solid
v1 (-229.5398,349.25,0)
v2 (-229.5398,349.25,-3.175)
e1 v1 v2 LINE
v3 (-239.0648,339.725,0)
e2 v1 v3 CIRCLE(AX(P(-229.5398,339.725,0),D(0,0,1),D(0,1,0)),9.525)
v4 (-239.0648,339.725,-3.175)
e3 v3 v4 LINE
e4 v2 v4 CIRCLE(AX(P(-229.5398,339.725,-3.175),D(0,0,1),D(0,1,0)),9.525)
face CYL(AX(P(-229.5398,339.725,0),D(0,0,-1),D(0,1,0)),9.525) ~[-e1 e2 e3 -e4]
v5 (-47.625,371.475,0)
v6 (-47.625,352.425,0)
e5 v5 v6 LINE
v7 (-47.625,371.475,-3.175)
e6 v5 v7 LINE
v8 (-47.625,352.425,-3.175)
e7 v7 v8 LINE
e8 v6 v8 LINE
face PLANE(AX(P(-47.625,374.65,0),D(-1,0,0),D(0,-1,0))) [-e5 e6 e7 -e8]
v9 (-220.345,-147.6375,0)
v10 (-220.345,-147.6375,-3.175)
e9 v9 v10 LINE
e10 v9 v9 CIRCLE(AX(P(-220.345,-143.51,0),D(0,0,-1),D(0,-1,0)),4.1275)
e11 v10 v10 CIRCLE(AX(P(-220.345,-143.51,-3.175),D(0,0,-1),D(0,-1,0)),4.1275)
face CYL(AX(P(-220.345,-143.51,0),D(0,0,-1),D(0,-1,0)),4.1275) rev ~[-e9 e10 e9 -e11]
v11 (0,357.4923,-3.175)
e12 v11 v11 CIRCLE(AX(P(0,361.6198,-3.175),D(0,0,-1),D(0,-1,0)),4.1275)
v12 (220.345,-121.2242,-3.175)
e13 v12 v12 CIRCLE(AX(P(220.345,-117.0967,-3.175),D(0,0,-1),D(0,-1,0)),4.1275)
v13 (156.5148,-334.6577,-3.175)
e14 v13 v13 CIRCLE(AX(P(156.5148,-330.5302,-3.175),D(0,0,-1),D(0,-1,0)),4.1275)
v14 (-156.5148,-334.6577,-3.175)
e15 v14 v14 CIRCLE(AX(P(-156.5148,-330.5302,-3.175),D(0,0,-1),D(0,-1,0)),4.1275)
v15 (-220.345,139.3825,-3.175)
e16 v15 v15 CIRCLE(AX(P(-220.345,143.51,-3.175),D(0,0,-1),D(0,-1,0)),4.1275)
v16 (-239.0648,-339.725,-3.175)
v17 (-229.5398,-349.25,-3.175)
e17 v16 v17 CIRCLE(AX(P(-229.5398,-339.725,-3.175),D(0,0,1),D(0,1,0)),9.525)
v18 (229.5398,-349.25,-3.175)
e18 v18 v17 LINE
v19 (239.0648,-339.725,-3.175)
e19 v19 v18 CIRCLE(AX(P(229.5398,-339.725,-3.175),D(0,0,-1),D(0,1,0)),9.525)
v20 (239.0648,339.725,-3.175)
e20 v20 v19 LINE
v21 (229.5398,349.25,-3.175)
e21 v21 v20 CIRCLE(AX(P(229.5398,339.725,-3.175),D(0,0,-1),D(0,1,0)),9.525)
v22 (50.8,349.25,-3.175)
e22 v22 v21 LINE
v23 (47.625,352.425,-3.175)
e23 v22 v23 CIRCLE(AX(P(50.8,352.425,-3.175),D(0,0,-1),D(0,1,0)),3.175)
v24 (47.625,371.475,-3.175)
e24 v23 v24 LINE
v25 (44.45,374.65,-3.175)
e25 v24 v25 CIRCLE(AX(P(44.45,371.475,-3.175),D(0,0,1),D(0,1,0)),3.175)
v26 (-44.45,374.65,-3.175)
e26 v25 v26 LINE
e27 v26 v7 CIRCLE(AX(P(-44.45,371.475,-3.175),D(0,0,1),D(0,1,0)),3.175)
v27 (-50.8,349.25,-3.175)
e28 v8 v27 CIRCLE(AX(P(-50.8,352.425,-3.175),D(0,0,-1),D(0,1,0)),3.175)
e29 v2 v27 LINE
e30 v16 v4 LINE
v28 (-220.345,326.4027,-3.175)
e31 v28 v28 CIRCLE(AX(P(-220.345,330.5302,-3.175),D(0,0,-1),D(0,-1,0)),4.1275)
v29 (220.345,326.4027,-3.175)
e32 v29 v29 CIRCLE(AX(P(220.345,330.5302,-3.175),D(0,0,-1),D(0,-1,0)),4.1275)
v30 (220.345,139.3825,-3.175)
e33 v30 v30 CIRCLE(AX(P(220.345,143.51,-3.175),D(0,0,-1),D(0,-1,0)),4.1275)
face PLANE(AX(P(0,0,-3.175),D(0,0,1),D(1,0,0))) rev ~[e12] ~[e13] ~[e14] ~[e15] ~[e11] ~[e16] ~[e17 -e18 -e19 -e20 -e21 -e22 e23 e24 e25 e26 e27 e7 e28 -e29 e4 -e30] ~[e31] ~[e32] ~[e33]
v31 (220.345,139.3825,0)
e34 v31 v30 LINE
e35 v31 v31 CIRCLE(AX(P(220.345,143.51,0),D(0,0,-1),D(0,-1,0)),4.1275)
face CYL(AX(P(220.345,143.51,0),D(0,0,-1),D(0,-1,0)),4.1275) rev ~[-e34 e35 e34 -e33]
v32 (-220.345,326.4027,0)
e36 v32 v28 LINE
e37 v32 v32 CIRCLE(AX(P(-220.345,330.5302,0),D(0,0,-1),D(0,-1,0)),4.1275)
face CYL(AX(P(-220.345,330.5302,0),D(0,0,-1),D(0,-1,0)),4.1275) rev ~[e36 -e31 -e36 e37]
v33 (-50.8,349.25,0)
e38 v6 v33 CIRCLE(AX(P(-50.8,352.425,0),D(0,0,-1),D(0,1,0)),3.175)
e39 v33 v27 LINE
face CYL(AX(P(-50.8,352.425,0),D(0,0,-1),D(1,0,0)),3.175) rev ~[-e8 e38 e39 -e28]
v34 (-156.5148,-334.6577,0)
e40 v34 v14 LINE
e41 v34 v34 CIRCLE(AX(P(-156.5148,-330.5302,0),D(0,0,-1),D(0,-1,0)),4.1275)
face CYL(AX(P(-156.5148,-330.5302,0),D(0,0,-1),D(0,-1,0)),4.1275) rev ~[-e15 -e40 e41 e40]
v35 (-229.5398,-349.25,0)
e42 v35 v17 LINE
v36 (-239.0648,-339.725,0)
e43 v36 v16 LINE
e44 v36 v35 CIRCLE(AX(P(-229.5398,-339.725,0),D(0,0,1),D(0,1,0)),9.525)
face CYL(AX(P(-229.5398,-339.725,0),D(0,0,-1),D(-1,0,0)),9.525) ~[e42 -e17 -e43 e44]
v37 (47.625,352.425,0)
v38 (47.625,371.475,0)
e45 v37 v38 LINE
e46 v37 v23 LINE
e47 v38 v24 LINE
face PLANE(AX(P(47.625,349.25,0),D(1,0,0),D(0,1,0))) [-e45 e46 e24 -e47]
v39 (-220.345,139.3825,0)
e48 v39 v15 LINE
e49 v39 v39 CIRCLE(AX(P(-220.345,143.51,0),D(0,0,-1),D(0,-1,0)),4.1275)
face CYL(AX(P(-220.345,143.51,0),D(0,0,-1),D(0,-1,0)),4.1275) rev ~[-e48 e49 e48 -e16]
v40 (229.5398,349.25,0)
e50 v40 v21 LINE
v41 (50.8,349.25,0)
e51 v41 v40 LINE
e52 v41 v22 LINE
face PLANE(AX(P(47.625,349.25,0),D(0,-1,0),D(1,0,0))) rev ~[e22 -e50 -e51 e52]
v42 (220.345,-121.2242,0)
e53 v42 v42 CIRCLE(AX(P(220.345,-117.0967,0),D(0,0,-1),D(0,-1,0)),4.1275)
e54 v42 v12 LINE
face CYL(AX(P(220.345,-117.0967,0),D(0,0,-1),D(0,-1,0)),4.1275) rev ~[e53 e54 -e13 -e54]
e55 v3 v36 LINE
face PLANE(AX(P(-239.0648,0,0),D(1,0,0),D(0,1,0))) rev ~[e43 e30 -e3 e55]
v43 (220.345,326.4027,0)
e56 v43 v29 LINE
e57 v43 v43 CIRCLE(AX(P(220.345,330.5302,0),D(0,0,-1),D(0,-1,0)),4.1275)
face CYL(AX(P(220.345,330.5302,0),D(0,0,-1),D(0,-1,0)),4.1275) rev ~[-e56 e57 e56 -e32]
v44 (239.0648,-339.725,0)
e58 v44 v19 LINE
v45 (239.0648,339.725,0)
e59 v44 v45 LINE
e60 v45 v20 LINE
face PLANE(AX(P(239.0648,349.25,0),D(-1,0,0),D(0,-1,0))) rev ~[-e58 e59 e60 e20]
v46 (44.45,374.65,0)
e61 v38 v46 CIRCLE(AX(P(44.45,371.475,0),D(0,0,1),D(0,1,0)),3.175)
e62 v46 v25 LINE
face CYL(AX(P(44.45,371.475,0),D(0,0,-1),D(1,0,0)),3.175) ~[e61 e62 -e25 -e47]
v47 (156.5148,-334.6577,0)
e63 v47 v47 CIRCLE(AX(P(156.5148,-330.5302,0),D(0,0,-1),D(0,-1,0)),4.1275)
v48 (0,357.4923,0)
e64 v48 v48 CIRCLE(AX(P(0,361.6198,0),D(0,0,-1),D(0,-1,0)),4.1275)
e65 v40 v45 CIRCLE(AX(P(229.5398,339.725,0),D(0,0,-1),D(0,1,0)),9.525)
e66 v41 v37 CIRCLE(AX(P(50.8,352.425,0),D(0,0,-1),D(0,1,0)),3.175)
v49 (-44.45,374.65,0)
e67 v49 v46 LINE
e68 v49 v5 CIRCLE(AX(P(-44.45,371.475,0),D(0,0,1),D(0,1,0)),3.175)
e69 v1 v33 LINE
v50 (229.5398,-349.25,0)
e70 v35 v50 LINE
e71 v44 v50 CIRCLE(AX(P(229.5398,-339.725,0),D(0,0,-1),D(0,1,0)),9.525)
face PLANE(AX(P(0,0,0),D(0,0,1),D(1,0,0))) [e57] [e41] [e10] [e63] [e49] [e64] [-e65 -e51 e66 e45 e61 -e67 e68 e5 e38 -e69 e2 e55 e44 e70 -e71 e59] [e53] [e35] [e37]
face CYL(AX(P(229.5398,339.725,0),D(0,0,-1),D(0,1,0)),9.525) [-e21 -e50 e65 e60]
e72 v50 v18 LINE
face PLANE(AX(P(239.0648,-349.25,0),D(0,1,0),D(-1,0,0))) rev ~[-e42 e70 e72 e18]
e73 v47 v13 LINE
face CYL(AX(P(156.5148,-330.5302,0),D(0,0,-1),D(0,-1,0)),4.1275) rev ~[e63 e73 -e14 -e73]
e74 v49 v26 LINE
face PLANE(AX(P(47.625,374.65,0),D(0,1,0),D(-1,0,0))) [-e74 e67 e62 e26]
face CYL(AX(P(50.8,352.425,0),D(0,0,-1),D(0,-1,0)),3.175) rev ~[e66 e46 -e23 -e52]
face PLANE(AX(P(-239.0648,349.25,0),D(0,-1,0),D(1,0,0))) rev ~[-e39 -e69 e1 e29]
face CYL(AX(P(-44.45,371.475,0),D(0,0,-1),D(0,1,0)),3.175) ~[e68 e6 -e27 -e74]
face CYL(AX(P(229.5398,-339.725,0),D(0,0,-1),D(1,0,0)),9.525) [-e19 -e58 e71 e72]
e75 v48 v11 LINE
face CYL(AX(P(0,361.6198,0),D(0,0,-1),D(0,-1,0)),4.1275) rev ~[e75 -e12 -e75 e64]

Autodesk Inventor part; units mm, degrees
ref_plane "YZ Plane" through (0, 0, 0) normal (1, 0, 0) x (0, 1, 0)
ref_plane "XZ Plane" through (0, 0, 0) normal (0, 1, 0) x (-1, 0, 0)
ref_plane "XY Plane" through (0, 0, 0) normal (0, 0, 1) x (1, 0, 0)
sketch "Sketch1" plane through (0, 0, 0) normal (0, 0, 1) x (1, 0, 0)
  line L0 (0, 519.43) -> (0, -494.03) projected
  line L1 (-334.6907, 0) -> (334.6907, 0) projected
  line L2 (239.0648, -349.25) -> (-239.0648, -349.25)
  line L3 (-239.0648, -349.25) -> (-239.0648, 349.25)
  line L4 (-239.0648, 349.25) -> (239.0648, 349.25)
  line L5 (239.0648, 349.25) -> (239.0648, -349.25)
  line L6 (239.0648, -349.25) -> (-239.0648, 349.25) construction
  line L7 (-239.0648, -349.25) -> (239.0648, 349.25) construction
  line L8 (220.345, -330.5302) -> (-220.345, -330.5302) construction
  line L9 (-220.345, -330.5302) -> (-220.345, 330.5302) construction
  line L10 (-220.345, 330.5302) -> (220.345, 330.5302) construction
  line L11 (220.345, 330.5302) -> (220.345, -330.5302) construction
  line L12 (220.345, -330.5302) -> (-220.345, 330.5302) construction
  line L13 (-220.345, -330.5302) -> (220.345, 330.5302) construction
  line L14 (47.625, 374.65) -> (-47.625, 374.65)
  line L15 (-47.625, 374.65) -> (-47.625, 349.25)
  line L16 (-47.625, 349.25) -> (47.625, 349.25)
  line L17 (47.625, 349.25) -> (47.625, 374.65)
  line L18 (47.625, 374.65) -> (-47.625, 349.25) construction
  line L19 (-47.625, 374.65) -> (47.625, 349.25) construction
  point P0 (0, 0)
  point P1 (-156.5148, 330.5302)
  point P2 (0, 330.5302)
  point P3 (156.5148, 330.5302)
  point P4 (-156.5148, -330.5302)
  point P5 (0, -330.5302)
  point P6 (156.5148, -330.5302)
  point P7 (-220.345, 143.51)
  point P8 (-220.345, -143.51)
  point P9 (220.345, 143.51)
  point P10 (220.345, -117.0967)
  point P11 (-220.345, 0)
  point P12 (0, 361.95)
  point P13 (0, 361.6198)
  dimension "d0" = 478.1296
  dimension "d1" = 698.5
  dimension "d3" = 18.7198
  dimension "d4" = 18.7198
  dimension "d7" = 143.51
  dimension "d8" = 143.51
  dimension "d10" = 205.74
  dimension "d20" = 82.55
  dimension "d21" = 82.55
  dimension "d23" = 95.25
  dimension "d24" = 25.4
  dimension "d27" = 12.3698
extrude "Extrusion1" add sketch "Sketch1" against normal blind 3.175
hole "Hole1" at (-156.5148, -330.5302, 0) at (156.5148, -330.5302, 0) at (220.345, 143.51, 0) at (220.345, -117.0967, 0) at (-220.345, 143.51, 0) at (-220.345, -143.51, 0) at (-220.345, 330.5302, 0) at (220.345, 330.5302, 0) at (0, 361.6198, 0) direction (0, 0, -1) diameter 8.255 end through all
fillet "Fillet1" radius 9.525 4 edges at (-239.0648, 349.25, -1.5875) (239.0648, 349.25, -1.5875) (239.0648, -349.25, -1.5875) (-239.0648, -349.25, -1.5875)
fillet "Fillet2" radius 3.175 4 edges at (47.625, 374.65, -1.5875) (47.625, 349.25, -1.5875) (-47.625, 374.65, -1.5875) (-47.625, 349.25, -1.5875)
properties material "ALUMINUM, 6061-T651"
